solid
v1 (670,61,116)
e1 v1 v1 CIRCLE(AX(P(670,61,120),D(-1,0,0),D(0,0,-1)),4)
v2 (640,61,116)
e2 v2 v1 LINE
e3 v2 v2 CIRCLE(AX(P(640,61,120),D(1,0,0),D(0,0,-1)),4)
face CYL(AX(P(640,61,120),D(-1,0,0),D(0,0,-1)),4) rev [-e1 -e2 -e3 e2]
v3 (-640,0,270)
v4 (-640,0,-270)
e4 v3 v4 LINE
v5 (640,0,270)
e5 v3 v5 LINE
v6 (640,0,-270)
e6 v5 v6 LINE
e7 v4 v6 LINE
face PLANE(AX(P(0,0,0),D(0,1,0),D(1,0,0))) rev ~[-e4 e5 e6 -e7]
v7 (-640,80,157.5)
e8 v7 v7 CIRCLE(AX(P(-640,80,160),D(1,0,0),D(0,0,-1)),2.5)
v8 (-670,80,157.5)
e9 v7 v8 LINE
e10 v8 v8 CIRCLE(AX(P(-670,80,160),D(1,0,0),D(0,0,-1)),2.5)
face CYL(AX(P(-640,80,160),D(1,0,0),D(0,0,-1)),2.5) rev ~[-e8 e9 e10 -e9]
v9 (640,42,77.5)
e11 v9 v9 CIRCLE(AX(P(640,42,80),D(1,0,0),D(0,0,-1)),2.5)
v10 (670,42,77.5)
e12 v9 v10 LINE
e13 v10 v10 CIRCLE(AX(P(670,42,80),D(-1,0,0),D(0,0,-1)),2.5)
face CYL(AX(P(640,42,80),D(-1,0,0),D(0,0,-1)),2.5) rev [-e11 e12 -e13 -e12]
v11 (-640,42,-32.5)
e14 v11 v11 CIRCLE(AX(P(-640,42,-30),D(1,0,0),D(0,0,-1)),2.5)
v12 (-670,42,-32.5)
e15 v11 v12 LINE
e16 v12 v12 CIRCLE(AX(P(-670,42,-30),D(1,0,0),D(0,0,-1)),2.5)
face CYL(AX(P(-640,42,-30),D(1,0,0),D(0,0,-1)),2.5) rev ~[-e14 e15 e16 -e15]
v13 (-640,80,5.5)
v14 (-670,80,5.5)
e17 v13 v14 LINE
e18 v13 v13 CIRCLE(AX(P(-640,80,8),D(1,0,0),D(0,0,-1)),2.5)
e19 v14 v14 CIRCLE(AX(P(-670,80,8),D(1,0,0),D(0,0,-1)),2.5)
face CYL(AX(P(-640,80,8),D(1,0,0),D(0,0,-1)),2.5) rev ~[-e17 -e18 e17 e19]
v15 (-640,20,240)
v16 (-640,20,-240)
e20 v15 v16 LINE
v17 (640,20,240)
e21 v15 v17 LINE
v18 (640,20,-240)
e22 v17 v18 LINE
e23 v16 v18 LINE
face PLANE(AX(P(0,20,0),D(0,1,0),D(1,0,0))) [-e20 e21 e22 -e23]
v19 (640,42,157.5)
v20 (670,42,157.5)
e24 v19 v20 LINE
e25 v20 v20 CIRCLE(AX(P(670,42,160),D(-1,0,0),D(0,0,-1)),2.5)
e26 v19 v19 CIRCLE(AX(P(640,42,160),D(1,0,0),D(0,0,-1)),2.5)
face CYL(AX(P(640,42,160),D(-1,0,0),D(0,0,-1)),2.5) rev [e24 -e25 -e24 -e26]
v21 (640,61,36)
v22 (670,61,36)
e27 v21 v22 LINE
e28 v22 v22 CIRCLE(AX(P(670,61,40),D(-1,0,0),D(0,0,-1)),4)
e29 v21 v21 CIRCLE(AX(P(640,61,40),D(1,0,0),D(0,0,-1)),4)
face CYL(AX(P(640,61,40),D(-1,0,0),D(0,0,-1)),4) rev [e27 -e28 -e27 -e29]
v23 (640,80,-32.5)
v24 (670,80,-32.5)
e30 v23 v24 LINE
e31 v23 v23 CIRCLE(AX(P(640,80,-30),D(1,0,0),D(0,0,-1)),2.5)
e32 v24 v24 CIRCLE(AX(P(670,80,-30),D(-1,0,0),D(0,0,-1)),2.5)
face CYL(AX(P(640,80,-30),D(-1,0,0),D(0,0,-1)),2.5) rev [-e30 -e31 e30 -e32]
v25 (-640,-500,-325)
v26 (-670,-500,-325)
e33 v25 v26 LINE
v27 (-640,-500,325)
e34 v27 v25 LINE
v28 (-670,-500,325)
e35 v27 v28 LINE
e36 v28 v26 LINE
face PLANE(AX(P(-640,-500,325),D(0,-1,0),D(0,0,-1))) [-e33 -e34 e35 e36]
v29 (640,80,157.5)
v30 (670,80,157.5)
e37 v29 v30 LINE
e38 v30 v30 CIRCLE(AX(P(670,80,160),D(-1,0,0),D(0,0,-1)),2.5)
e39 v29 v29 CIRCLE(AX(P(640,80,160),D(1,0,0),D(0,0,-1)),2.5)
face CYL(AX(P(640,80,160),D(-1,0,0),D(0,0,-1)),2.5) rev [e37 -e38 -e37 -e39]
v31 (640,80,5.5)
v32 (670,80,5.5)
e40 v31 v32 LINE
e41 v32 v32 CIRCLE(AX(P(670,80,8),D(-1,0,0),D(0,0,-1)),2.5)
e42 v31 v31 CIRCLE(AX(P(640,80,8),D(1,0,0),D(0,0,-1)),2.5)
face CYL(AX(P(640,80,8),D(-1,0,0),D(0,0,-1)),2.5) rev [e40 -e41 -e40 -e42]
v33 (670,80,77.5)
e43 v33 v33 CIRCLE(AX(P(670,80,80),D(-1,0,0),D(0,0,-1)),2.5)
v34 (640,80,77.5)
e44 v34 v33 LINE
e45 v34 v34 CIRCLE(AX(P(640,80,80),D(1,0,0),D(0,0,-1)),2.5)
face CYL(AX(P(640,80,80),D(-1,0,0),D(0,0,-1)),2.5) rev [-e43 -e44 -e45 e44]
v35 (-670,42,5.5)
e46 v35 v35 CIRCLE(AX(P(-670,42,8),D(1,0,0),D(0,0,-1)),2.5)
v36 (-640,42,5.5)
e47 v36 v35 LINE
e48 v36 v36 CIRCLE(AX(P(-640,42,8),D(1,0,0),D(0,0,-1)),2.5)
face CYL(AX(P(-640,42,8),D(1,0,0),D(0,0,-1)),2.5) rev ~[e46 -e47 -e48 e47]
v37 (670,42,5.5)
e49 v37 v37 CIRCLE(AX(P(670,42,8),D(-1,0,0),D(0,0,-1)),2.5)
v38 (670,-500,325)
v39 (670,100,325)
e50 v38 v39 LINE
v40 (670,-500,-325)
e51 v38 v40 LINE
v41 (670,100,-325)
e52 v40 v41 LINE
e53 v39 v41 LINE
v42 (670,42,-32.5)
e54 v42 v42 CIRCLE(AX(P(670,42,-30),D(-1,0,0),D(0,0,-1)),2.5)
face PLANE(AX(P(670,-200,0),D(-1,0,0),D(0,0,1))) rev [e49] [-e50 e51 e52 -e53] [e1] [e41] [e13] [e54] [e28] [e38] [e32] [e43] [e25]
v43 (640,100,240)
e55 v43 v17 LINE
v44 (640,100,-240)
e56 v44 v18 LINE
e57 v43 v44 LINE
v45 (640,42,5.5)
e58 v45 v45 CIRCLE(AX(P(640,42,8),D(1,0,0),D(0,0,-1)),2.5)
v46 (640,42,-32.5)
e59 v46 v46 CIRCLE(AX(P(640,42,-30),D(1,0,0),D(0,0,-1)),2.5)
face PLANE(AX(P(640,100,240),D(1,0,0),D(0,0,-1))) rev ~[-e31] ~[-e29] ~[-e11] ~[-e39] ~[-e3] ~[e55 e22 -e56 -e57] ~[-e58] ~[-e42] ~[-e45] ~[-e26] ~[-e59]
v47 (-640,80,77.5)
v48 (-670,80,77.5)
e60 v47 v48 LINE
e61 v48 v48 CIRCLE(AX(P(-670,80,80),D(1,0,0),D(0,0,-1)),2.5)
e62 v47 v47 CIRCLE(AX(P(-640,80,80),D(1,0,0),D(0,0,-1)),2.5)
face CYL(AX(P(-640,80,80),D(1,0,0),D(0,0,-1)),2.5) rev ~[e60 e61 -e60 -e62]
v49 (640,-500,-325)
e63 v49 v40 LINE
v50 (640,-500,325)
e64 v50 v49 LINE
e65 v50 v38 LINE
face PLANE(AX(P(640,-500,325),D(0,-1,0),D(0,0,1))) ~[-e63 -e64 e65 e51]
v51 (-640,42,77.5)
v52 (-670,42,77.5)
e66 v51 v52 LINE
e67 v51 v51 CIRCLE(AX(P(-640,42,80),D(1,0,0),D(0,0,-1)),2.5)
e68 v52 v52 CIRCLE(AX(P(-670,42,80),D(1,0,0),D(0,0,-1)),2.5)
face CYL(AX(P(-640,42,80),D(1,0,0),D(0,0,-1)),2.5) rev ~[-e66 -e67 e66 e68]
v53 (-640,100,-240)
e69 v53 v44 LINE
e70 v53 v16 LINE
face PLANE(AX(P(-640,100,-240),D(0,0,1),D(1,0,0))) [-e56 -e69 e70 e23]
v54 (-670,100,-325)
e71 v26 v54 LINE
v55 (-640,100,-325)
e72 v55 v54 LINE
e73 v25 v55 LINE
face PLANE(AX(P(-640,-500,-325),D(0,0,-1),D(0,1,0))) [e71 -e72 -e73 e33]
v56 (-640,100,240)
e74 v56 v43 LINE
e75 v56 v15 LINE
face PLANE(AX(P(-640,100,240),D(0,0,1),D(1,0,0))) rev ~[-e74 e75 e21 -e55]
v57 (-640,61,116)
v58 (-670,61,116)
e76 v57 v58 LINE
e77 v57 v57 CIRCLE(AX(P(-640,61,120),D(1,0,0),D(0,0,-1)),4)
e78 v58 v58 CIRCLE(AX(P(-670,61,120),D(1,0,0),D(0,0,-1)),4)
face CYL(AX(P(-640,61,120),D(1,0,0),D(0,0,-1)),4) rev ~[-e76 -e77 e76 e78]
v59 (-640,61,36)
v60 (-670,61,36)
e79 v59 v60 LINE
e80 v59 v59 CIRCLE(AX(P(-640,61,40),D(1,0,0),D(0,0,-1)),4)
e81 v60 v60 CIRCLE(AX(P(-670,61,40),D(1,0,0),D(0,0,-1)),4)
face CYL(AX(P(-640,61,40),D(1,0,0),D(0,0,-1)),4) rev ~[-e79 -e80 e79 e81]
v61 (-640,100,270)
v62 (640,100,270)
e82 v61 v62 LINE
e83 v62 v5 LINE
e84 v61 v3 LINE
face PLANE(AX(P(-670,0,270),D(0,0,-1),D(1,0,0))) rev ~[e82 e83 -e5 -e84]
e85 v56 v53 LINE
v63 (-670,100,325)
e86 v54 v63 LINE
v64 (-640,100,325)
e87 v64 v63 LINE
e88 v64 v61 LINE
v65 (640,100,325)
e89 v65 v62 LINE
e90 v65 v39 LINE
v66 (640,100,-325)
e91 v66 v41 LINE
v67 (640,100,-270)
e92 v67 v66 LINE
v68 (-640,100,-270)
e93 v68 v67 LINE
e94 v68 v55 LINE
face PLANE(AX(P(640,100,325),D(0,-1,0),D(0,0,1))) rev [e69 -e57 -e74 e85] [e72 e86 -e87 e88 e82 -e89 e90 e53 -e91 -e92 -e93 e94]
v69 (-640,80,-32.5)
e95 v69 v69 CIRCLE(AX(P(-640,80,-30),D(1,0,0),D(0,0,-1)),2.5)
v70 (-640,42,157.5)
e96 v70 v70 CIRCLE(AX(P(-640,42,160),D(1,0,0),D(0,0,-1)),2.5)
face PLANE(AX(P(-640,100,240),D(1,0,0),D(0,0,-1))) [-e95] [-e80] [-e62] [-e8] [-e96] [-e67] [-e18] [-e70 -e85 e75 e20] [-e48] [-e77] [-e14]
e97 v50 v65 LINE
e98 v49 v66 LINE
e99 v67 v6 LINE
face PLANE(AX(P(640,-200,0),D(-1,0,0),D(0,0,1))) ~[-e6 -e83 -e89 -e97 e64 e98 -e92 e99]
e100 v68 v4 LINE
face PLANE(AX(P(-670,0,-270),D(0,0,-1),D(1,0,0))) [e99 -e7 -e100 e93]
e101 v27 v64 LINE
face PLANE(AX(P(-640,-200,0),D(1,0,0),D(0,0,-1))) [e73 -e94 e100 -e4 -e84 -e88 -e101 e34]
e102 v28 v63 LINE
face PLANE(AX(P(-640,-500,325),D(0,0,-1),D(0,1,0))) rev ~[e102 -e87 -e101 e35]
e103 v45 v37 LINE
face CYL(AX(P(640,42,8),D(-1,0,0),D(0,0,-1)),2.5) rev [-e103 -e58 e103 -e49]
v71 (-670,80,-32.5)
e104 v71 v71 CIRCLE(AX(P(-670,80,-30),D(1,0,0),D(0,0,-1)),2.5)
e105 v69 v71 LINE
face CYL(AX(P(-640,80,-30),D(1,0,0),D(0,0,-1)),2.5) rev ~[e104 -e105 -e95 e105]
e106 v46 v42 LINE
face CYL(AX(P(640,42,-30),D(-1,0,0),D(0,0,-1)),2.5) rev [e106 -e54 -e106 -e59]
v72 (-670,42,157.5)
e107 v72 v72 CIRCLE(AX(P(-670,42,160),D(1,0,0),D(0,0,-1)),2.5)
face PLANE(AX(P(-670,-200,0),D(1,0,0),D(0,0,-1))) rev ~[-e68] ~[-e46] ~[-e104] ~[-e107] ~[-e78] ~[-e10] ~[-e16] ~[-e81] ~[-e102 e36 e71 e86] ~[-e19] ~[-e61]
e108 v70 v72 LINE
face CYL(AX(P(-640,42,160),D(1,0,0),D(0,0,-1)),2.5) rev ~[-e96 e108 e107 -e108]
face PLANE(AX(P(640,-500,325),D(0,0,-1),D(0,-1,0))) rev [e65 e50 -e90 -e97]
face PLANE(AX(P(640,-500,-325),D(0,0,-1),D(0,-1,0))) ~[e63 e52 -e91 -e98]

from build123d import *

# Parameters (mm, degrees)
SKETCH1_W           = 1340
SKETCH1_H           = 540
BOSS_EXTRUDE1_DEPTH = 100
SKETCH2_W           = 1280
SKETCH2_H           = 480
CUT_EXTRUDE1_DEPTH  = 80
SKETCH6_W           = 650
SKETCH6_H           = 600
BOSS_EXTRUDE3_DEPTH = 30
SKETCH10_R          = 2.5
CUT_EXTRUDE3_DEPTH  = 80
SKETCH11_R          = 4
CUT_EXTRUDE4_DEPTH  = 80


with BuildPart() as part:
    # Sketch1 → Boss-Extrude1 (new body)
    with BuildSketch(Plane(origin=(0, 0, 0), x_dir=(1, 0, 0), z_dir=(0, 1, 0))):
        Rectangle(SKETCH1_W, SKETCH1_H)
    extrude(amount=BOSS_EXTRUDE1_DEPTH)

    # Sketch2 → Cut-Extrude1 (cut)
    with BuildSketch(Plane(origin=(0, 100, 0), x_dir=(1, 0, 0), z_dir=(0, 1, 0))):
        Rectangle(SKETCH2_W, SKETCH2_H)
    extrude(amount=-CUT_EXTRUDE1_DEPTH, mode=Mode.SUBTRACT)

    # Sketch6 → Boss-Extrude3 (add)
    with BuildSketch(Plane(origin=(-640, 0, 0), x_dir=(0, 0, -1), z_dir=(1, 0, 0))):
        with Locations((0, -200)):
            Rectangle(SKETCH6_W, SKETCH6_H)
    boss_extrude3 = extrude(amount=-BOSS_EXTRUDE3_DEPTH)

    # Mirror3: Boss-Extrude3 across plane
    add(boss_extrude3.mirror(Plane(origin=(0, 0, 0), x_dir=(0, 0, 1), z_dir=(1, 0, 0))))

    # Sketch10 → Cut-Extrude3 (cut)
    with BuildSketch(Plane(origin=(-640, 0, 0), x_dir=(0, 0, -1), z_dir=(1, 0, 0))):
        with Locations((-160, 80)):
            Circle(SKETCH10_R)
        with Locations((-160, 42)):
            Circle(SKETCH10_R)
        with Locations((-80, 42)):
            Circle(SKETCH10_R)
        with Locations((-80, 80)):
            Circle(SKETCH10_R)
        with Locations((30, 80)):
            Circle(SKETCH10_R)
        with Locations((30, 42)):
            Circle(SKETCH10_R)
        with Locations((-8, 42)):
            Circle(SKETCH10_R)
        with Locations((-8, 80)):
            Circle(SKETCH10_R)
    cut_extrude3 = extrude(amount=-CUT_EXTRUDE3_DEPTH, mode=Mode.SUBTRACT)

    # Mirror4: Cut-Extrude3 across plane
    add(cut_extrude3.mirror(Plane(origin=(0, 0, 0), x_dir=(0, 0, 1), z_dir=(1, 0, 0))), mode=Mode.SUBTRACT)

    # Sketch11 → Cut-Extrude4 (cut)
    with BuildSketch(Plane(origin=(-640, 0, 0), x_dir=(0, 0, -1), z_dir=(1, 0, 0))):
        with Locations((-40, 61)):
            Circle(SKETCH11_R)
        with Locations((-120, 61)):
            Circle(SKETCH11_R)
    cut_extrude4 = extrude(amount=-CUT_EXTRUDE4_DEPTH, mode=Mode.SUBTRACT)

    # Mirror5: Cut-Extrude4 across plane
    add(cut_extrude4.mirror(Plane(origin=(0, 0, 0), x_dir=(0, 0, 1), z_dir=(1, 0, 0))), mode=Mode.SUBTRACT)


solid = part.part
